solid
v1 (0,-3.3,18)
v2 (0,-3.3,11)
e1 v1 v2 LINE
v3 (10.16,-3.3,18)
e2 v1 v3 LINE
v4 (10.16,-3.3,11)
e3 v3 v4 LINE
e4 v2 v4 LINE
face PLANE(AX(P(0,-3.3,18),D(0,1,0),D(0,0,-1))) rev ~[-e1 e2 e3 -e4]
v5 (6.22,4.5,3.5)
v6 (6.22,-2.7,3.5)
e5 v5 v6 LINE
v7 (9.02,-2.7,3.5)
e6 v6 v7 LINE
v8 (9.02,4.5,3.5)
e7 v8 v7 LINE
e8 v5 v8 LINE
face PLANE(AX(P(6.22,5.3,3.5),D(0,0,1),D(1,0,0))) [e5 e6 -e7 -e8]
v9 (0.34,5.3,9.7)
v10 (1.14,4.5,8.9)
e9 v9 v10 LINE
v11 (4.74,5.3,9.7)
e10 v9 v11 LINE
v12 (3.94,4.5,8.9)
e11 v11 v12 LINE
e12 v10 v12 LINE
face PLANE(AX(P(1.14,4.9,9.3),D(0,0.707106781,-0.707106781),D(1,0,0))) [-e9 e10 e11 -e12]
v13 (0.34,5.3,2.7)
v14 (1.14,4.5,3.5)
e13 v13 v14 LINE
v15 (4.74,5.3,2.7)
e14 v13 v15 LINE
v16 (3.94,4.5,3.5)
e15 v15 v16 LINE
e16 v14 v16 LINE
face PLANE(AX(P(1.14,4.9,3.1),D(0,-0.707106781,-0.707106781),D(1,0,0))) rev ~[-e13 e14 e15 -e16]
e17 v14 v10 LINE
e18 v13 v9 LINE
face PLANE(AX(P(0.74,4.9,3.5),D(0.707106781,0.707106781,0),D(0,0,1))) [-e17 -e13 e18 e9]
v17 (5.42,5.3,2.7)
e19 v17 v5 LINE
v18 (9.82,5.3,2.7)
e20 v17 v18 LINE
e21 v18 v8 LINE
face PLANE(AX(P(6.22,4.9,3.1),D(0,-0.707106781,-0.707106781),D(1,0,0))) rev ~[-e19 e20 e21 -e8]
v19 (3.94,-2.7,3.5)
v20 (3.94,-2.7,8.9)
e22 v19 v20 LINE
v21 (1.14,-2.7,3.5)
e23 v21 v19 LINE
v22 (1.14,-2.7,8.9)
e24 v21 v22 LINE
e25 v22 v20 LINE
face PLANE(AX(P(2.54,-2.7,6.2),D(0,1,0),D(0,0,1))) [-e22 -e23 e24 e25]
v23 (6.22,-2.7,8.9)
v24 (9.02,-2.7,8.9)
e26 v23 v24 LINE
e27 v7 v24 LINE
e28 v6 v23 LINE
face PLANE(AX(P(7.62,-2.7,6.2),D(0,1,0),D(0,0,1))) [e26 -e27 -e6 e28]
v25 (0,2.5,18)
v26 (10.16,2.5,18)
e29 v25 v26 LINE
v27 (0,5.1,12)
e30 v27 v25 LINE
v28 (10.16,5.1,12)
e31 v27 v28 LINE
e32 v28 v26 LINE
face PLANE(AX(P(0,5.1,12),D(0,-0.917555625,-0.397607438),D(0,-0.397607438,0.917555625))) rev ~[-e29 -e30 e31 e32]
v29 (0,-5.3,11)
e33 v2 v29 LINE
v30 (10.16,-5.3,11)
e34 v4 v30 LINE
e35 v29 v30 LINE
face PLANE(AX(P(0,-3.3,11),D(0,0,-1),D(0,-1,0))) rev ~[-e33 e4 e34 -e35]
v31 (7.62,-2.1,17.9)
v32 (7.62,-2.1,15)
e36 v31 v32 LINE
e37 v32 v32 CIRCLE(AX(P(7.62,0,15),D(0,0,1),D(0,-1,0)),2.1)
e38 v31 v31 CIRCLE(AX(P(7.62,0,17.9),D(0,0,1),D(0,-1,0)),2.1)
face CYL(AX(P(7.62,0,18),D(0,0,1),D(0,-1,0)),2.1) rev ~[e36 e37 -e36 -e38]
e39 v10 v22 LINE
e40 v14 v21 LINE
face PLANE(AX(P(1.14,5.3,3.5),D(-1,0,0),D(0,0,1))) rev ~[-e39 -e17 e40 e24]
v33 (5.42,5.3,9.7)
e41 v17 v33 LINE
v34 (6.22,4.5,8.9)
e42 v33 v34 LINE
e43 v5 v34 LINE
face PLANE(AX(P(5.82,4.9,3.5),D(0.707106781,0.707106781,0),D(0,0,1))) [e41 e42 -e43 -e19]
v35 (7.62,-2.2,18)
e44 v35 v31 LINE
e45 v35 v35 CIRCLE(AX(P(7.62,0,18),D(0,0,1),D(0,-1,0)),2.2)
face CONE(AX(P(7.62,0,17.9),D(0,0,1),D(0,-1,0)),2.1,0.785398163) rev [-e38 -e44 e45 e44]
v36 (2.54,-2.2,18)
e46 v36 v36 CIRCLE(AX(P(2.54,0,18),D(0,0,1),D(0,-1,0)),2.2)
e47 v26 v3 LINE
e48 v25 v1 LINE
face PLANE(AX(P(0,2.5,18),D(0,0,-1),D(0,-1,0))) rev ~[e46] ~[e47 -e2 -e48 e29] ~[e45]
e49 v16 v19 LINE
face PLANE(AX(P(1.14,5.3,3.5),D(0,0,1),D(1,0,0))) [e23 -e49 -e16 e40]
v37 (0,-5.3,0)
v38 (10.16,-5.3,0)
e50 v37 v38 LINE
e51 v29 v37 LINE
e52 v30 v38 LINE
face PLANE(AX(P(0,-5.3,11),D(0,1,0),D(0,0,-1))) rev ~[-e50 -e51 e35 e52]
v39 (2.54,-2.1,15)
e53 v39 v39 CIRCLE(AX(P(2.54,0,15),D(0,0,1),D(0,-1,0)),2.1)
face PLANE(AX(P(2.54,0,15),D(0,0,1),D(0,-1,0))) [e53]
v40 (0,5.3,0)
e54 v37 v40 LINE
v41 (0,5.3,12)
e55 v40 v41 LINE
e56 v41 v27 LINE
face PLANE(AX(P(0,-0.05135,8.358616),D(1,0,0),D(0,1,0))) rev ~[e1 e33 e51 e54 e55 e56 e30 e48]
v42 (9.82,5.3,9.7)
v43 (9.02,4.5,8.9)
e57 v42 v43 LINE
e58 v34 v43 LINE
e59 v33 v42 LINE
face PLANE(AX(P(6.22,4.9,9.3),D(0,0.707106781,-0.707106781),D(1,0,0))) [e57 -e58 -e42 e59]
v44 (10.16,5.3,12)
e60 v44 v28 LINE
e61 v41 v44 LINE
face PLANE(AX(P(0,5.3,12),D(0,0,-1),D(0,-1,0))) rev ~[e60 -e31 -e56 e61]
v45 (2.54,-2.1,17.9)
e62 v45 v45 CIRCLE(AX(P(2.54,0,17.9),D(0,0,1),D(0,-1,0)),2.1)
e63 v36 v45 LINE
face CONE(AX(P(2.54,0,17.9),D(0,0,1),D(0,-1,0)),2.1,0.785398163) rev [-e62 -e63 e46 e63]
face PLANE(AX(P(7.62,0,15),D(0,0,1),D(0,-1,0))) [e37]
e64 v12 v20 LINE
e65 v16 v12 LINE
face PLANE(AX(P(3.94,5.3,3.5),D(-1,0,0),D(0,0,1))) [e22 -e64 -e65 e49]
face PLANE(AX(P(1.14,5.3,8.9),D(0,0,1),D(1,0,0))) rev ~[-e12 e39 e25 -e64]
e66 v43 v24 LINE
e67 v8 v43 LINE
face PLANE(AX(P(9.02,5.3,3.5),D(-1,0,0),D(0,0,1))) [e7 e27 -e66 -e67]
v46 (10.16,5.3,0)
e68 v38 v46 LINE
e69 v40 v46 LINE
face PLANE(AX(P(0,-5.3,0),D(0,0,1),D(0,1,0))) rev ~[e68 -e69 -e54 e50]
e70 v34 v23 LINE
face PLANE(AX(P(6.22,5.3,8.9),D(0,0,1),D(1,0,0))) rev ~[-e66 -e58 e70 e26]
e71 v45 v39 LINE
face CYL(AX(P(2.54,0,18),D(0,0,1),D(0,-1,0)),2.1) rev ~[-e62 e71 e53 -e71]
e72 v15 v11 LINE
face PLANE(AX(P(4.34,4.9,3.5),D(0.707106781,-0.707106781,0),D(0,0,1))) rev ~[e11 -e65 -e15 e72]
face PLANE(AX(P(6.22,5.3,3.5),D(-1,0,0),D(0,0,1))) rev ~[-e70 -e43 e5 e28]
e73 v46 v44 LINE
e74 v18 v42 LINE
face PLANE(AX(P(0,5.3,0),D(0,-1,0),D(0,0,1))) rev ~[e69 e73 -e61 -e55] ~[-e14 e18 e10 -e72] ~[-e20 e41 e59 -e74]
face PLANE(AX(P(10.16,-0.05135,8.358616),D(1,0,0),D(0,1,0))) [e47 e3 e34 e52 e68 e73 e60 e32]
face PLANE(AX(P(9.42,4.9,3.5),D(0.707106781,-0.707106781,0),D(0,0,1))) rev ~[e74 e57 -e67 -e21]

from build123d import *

# Parameters (mm, degrees)
PAD_DEPTH       = 10.16
SKETCH001_R     = 2.1
POCKET_DEPTH    = 3
SKETCH002_W     = 5.4
SKETCH002_H     = 2.8
POCKET001_DEPTH = 8
CHAMFER_SIZE    = 0.8
CHAMFER001_SIZE = 0.1


with BuildPart() as part:
    # Sketch → Pad (new body)
    with BuildSketch(Plane.YZ):
        Polygon((-5.3, 0), (5.3, 0), (5.3, 12), (5.1, 12), (2.5, 18), (-3.3, 18), (-3.3, 11), (-5.3, 11), align=None)
    extrude(amount=PAD_DEPTH)

    # Sketch001 (on Face5 of Pad) → Pocket (cut)
    with BuildSketch(Plane(origin=(0, 0, 18), x_dir=(0, -1, 0), z_dir=(0, 0, 1))):
        with Locations((0, 2.54)):
            Circle(SKETCH001_R)
        with Locations((0, 7.62)):
            Circle(SKETCH001_R)
    extrude(amount=-POCKET_DEPTH, mode=Mode.SUBTRACT)

    # Sketch002 (on Face3 of Pocket) → Pocket001 (cut)
    with BuildSketch(Plane.ZX.offset(5.3)):
        with Locations((6.2, 7.62)):
            Rectangle(SKETCH002_W, SKETCH002_H)
        with Locations((6.2, 2.54)):
            Rectangle(SKETCH002_W, SKETCH002_H)
    extrude(amount=-POCKET001_DEPTH, mode=Mode.SUBTRACT)

    # Chamfer
    chamfer_edges = [part.edges().sort_by_distance(p)[0] for p in [
        (6.22, 5.3, 6.2),
        (7.62, 5.3, 8.9),
        (9.02, 5.3, 6.2),
        (7.62, 5.3, 3.5),
        (3.94, 5.3, 6.2),
        (2.54, 5.3, 8.9),
        (1.14, 5.3, 6.2),
        (2.54, 5.3, 3.5),
    ]]
    chamfer(chamfer_edges, length=CHAMFER_SIZE)

    # Chamfer001
    chamfer001_edges = [part.edges().sort_by_distance(p)[0] for p in [
        (7.62, 2.1, 18),
        (2.54, 2.1, 18),
    ]]
    chamfer(chamfer001_edges, length=CHAMFER001_SIZE)


solid = part.part
